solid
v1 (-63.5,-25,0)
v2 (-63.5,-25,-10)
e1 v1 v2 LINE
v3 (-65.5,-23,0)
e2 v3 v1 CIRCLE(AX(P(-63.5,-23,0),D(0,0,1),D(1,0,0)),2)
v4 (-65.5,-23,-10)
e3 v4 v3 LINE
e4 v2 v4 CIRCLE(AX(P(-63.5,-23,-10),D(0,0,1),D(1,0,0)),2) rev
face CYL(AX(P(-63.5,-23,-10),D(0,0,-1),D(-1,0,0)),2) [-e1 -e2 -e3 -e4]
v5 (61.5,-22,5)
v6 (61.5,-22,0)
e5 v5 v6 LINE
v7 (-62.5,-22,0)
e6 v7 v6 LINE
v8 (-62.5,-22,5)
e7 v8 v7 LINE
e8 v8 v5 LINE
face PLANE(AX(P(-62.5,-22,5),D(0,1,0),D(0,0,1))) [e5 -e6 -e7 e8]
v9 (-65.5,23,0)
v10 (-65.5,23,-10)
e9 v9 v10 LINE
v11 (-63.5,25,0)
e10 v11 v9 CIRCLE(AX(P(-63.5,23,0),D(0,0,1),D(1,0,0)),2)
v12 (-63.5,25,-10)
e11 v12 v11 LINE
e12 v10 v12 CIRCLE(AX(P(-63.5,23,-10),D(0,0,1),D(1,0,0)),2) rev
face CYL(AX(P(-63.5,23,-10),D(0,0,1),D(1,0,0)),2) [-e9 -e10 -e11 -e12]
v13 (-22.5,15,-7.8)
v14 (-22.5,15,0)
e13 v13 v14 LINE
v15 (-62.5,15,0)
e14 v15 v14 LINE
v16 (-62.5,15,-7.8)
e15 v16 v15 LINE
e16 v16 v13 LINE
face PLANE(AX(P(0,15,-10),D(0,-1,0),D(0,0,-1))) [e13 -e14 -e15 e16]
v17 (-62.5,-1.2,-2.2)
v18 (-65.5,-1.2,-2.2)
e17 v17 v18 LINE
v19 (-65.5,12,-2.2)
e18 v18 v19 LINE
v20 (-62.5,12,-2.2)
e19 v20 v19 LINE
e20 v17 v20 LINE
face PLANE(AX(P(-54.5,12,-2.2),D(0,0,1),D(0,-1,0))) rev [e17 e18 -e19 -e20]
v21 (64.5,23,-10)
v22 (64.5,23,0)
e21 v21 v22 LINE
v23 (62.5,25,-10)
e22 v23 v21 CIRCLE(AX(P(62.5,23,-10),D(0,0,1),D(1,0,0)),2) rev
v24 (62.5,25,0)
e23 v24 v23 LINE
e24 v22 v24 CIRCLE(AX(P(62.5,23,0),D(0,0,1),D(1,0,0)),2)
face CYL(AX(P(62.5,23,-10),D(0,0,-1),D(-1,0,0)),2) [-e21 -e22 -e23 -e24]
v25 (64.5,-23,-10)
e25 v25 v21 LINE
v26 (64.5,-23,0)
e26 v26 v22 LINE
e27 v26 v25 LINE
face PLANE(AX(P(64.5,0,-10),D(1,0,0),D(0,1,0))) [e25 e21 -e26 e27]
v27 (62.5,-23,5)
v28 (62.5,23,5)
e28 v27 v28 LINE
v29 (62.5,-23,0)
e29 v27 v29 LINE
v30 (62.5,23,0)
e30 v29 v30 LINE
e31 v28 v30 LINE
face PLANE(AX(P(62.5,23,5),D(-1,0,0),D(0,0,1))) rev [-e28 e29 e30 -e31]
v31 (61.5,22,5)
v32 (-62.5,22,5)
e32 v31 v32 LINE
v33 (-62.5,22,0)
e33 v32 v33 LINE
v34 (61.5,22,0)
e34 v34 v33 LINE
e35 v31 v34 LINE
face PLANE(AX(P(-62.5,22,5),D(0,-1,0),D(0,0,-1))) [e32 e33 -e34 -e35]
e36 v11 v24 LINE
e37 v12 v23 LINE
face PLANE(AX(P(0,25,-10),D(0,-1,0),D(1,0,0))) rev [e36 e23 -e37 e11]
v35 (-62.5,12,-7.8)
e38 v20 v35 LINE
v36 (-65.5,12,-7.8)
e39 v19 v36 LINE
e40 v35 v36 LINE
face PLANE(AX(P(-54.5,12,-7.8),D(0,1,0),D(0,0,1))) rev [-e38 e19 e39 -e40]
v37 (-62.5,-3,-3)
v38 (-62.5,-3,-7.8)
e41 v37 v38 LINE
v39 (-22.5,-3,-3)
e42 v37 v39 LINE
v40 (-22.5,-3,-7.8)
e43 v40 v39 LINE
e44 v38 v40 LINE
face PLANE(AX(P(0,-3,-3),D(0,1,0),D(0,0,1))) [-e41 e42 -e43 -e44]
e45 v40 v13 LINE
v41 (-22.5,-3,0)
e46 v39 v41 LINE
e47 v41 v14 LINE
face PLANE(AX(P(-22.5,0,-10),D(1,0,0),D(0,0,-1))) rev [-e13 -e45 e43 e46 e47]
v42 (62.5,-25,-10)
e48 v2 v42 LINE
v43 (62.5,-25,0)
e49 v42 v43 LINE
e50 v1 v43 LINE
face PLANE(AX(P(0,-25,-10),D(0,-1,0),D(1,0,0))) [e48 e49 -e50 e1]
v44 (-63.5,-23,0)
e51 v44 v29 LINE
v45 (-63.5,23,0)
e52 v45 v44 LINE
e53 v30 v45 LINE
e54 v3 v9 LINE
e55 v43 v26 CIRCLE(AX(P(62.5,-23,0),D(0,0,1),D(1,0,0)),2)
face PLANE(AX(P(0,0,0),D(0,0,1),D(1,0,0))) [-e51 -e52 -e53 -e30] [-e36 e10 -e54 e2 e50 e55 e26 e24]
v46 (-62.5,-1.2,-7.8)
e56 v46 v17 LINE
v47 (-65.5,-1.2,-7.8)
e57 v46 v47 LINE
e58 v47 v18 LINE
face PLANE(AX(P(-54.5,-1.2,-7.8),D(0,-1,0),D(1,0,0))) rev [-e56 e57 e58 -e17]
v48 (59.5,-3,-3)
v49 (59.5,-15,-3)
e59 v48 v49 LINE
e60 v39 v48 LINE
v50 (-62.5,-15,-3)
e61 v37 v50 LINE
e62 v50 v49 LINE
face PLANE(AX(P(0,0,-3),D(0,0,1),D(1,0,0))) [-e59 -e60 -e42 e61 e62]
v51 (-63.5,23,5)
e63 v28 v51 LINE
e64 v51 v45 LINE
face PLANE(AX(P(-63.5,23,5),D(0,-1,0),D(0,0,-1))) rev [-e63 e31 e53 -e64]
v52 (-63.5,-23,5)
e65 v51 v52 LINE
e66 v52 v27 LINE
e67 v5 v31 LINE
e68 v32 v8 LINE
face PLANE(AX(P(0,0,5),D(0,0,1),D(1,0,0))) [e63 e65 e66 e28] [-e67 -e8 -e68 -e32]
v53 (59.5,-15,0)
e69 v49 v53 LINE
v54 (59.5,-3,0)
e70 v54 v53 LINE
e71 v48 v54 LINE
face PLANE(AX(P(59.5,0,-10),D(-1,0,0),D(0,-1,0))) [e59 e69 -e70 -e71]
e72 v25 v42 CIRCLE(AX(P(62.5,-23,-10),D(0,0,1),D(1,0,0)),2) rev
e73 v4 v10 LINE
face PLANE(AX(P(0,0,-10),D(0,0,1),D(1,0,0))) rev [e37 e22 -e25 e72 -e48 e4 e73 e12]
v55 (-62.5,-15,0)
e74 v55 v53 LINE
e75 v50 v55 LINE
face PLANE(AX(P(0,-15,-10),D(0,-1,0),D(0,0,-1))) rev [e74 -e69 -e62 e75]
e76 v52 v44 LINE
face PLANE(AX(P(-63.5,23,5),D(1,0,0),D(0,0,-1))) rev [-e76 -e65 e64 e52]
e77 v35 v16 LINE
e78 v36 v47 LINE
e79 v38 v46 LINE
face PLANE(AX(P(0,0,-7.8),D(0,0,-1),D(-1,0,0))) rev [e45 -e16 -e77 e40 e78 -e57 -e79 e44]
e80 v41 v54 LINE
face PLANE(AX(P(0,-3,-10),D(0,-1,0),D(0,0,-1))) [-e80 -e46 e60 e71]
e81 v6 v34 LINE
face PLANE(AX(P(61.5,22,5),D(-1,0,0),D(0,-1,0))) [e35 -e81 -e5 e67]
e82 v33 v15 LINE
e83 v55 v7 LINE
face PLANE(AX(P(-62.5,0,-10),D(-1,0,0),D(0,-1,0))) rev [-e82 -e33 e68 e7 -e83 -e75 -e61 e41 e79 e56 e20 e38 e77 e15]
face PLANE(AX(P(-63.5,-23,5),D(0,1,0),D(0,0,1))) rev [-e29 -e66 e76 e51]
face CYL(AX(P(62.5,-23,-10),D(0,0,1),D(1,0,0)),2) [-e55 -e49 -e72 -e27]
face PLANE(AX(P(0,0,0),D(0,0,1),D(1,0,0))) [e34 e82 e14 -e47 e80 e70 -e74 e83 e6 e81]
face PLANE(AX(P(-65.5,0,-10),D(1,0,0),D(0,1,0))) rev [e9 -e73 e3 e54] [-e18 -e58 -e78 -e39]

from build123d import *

# Parameters (mm, degrees)
SKICA2_W                  = 130
SKICA2_H                  = 50
P_IDAT_VYSUNUT_M1_DEPTH   = 10
P_IDAT_START              = -10
SKICA2_7_W                = 122
SKICA2_7_H                = 12
P_IDAT_VYSUNUT_M3_DEPTH   = 7
SKICA2_8_W                = 40
SKICA2_8_H                = 18
P_IDAT_VYSUNUT_M4_DEPTH   = 2.2
SKICA3_W                  = 5.6
SKICA3_H                  = 13.2
ODEBRAT_VYSUNUT_M12_DEPTH = 11
SKICA4_W                  = 126
SKICA4_H                  = 46
SKICA4_W_2                = 124
SKICA4_H_2                = 44
P_IDAT_VYSUNUT_M5_DEPTH   = 5
ZAOBLIT1_R                = 2


with BuildPart() as part:
    # Skica2 → Přidat vysunutím1 (new body)
    with BuildSketch(Plane.XY):
        with Locations((-0.5, 0)):
            Rectangle(SKICA2_W, SKICA2_H)
        Polygon((-62.5, -15), (-62.5, -3), (-62.5, 15), (-22.5, 15), (-22.5, -3), (59.5, -3), (59.5, -15), align=None, mode=Mode.SUBTRACT)
    extrude(amount=-P_IDAT_VYSUNUT_M1_DEPTH)

    # Skica2<7> → Přidat vysunutím3 (add)
    with BuildSketch(Plane.XY.offset(P_IDAT_START)):
        with Locations((-1.5, -9)):
            Rectangle(SKICA2_7_W, SKICA2_7_H)
    extrude(amount=P_IDAT_VYSUNUT_M3_DEPTH)

    # Skica2<8> → Přidat vysunutím4 (add)
    with BuildSketch(Plane.XY.offset(P_IDAT_START)):
        with Locations((-42.5, 6)):
            Rectangle(SKICA2_8_W, SKICA2_8_H)
    extrude(amount=P_IDAT_VYSUNUT_M4_DEPTH)

    # Skica3 → Odebrat vysunutím12 (cut)
    with BuildSketch(Plane.ZY.offset(65.5)):
        with Locations((-5, 5.4)):
            Rectangle(SKICA3_W, SKICA3_H)
    extrude(amount=-ODEBRAT_VYSUNUT_M12_DEPTH, mode=Mode.SUBTRACT)

    # Skica4 → Přidat vysunutím5 (add)
    with BuildSketch(Plane.XY):
        with Locations((-0.5, 0)):
            Rectangle(SKICA4_W, SKICA4_H)
        with Locations((-0.5, 0)):
            Rectangle(SKICA4_W_2, SKICA4_H_2, mode=Mode.SUBTRACT)
    extrude(amount=P_IDAT_VYSUNUT_M5_DEPTH)

    # Zaoblit1
    zaoblit1_edges = [part.edges().sort_by_distance(p)[0] for p in [
        (-65.5, -25, -5),
        (-65.5, 25, -5),
        (64.5, 25, -5),
        (64.5, -25, -5),
    ]]
    fillet(zaoblit1_edges, radius=ZAOBLIT1_R)


solid = part.part
